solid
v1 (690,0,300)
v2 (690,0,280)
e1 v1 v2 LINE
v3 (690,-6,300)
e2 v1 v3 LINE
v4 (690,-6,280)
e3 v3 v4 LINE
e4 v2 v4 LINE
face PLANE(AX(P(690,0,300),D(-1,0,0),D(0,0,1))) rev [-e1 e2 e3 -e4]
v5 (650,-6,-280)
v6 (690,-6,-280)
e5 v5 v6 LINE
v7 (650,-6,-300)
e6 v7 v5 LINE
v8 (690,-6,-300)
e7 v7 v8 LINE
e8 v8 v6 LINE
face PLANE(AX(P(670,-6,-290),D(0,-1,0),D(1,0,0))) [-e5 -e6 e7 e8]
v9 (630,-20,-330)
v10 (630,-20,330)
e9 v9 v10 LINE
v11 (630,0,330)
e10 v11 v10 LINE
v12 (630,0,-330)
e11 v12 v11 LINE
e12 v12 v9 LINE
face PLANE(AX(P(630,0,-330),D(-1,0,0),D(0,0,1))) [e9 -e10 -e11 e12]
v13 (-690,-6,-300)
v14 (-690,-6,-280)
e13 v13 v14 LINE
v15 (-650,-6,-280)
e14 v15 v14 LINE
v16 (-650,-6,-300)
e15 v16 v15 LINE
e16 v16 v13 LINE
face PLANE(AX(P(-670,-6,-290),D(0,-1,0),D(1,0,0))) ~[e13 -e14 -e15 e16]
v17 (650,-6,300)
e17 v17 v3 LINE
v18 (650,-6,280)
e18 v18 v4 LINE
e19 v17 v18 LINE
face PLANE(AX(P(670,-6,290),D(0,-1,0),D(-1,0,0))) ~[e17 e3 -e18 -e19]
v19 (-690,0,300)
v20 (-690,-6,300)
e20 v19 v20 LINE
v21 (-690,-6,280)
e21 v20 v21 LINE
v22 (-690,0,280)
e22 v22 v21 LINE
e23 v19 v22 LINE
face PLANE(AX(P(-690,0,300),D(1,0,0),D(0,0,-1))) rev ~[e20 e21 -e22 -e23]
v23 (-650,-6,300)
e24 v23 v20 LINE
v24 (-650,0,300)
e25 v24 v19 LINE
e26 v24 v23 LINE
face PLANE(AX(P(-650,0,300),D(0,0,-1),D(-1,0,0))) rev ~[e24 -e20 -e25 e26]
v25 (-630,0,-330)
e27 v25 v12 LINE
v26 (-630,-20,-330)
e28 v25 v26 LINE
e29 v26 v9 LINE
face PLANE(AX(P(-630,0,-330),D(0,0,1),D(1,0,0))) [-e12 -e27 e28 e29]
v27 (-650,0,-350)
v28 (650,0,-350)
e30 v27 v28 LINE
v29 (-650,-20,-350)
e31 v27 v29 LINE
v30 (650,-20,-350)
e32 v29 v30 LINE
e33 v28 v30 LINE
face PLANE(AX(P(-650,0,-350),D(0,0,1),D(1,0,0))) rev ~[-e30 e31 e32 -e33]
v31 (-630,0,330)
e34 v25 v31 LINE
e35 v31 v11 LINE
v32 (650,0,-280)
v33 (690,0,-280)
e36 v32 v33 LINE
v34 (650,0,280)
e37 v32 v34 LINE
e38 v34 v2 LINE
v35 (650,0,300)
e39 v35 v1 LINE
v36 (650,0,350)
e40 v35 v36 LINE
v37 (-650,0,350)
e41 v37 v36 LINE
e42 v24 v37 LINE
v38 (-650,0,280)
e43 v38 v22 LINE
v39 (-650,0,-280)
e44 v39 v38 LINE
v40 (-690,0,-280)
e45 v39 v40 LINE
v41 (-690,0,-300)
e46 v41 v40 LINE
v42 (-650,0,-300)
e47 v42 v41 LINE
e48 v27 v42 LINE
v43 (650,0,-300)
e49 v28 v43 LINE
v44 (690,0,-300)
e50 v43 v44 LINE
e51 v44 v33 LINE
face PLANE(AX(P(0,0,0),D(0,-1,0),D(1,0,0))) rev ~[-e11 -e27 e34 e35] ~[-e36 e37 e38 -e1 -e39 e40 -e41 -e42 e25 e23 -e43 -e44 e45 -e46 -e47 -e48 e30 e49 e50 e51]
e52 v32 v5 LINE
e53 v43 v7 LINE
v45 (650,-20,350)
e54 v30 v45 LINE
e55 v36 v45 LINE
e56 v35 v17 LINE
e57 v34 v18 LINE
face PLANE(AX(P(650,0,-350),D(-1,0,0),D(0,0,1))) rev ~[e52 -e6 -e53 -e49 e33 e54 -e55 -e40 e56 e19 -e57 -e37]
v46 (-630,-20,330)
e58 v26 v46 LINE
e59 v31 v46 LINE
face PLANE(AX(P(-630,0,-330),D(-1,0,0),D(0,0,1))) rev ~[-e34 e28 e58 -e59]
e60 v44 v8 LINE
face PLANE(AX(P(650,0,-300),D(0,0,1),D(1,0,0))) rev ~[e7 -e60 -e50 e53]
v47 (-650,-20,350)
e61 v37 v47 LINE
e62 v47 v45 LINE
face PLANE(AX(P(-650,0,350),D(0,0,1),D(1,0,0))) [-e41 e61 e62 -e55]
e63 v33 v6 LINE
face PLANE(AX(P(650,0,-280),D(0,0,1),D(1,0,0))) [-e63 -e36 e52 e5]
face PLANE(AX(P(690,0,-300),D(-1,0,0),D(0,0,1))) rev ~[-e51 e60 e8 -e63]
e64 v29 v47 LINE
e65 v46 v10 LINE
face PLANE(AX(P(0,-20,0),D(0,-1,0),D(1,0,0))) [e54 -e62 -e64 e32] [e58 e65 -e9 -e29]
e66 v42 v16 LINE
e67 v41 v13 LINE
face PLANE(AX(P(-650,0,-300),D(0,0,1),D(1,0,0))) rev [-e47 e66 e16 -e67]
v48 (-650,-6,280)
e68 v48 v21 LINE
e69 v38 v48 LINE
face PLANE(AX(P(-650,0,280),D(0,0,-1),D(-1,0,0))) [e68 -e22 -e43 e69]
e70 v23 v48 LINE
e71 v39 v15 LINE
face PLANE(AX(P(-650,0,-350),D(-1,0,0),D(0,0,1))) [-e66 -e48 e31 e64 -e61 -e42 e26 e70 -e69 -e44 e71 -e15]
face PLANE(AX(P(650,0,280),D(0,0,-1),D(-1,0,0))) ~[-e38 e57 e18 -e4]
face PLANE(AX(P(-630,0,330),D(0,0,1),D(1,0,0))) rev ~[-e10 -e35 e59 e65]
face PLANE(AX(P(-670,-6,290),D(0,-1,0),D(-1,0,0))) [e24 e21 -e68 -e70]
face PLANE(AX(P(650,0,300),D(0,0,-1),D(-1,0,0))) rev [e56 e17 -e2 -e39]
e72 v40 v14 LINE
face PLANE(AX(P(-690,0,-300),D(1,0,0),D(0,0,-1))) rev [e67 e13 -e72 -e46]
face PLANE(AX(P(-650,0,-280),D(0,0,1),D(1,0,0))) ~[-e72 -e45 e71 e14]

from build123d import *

# Parameters (mm, degrees)
F0_W     = 1300
F0_H     = 700
F0_W_2   = 1260
F0_H_2   = 660
F1_DEPTH = 20
F2_W     = 40
F2_H     = 20
F3_DEPTH = 6


with BuildPart() as f1:
    # F0 (on Front) → F1 (new body)
    with BuildSketch(Plane.XZ):
        Rectangle(F0_W, F0_H)
        Rectangle(F0_W_2, F0_H_2, mode=Mode.SUBTRACT)
    extrude(amount=F1_DEPTH)

    # F2 (on Front) → F3 (join)
    with BuildSketch(Plane.XZ):
        with Locations((670, -290)):
            Rectangle(F2_W, F2_H)
    extrude(amount=F3_DEPTH)

    # F4: F1 across plane


with BuildPart() as f1_1:
    add(f1.part)
    add(f1.part.mirror(Plane.XY))

    # F5: F1 across plane


with BuildPart() as f1_2:
    add(f1_1.part)
    add(f1_1.part.mirror(Plane.YZ))


solid = f1_2.part
